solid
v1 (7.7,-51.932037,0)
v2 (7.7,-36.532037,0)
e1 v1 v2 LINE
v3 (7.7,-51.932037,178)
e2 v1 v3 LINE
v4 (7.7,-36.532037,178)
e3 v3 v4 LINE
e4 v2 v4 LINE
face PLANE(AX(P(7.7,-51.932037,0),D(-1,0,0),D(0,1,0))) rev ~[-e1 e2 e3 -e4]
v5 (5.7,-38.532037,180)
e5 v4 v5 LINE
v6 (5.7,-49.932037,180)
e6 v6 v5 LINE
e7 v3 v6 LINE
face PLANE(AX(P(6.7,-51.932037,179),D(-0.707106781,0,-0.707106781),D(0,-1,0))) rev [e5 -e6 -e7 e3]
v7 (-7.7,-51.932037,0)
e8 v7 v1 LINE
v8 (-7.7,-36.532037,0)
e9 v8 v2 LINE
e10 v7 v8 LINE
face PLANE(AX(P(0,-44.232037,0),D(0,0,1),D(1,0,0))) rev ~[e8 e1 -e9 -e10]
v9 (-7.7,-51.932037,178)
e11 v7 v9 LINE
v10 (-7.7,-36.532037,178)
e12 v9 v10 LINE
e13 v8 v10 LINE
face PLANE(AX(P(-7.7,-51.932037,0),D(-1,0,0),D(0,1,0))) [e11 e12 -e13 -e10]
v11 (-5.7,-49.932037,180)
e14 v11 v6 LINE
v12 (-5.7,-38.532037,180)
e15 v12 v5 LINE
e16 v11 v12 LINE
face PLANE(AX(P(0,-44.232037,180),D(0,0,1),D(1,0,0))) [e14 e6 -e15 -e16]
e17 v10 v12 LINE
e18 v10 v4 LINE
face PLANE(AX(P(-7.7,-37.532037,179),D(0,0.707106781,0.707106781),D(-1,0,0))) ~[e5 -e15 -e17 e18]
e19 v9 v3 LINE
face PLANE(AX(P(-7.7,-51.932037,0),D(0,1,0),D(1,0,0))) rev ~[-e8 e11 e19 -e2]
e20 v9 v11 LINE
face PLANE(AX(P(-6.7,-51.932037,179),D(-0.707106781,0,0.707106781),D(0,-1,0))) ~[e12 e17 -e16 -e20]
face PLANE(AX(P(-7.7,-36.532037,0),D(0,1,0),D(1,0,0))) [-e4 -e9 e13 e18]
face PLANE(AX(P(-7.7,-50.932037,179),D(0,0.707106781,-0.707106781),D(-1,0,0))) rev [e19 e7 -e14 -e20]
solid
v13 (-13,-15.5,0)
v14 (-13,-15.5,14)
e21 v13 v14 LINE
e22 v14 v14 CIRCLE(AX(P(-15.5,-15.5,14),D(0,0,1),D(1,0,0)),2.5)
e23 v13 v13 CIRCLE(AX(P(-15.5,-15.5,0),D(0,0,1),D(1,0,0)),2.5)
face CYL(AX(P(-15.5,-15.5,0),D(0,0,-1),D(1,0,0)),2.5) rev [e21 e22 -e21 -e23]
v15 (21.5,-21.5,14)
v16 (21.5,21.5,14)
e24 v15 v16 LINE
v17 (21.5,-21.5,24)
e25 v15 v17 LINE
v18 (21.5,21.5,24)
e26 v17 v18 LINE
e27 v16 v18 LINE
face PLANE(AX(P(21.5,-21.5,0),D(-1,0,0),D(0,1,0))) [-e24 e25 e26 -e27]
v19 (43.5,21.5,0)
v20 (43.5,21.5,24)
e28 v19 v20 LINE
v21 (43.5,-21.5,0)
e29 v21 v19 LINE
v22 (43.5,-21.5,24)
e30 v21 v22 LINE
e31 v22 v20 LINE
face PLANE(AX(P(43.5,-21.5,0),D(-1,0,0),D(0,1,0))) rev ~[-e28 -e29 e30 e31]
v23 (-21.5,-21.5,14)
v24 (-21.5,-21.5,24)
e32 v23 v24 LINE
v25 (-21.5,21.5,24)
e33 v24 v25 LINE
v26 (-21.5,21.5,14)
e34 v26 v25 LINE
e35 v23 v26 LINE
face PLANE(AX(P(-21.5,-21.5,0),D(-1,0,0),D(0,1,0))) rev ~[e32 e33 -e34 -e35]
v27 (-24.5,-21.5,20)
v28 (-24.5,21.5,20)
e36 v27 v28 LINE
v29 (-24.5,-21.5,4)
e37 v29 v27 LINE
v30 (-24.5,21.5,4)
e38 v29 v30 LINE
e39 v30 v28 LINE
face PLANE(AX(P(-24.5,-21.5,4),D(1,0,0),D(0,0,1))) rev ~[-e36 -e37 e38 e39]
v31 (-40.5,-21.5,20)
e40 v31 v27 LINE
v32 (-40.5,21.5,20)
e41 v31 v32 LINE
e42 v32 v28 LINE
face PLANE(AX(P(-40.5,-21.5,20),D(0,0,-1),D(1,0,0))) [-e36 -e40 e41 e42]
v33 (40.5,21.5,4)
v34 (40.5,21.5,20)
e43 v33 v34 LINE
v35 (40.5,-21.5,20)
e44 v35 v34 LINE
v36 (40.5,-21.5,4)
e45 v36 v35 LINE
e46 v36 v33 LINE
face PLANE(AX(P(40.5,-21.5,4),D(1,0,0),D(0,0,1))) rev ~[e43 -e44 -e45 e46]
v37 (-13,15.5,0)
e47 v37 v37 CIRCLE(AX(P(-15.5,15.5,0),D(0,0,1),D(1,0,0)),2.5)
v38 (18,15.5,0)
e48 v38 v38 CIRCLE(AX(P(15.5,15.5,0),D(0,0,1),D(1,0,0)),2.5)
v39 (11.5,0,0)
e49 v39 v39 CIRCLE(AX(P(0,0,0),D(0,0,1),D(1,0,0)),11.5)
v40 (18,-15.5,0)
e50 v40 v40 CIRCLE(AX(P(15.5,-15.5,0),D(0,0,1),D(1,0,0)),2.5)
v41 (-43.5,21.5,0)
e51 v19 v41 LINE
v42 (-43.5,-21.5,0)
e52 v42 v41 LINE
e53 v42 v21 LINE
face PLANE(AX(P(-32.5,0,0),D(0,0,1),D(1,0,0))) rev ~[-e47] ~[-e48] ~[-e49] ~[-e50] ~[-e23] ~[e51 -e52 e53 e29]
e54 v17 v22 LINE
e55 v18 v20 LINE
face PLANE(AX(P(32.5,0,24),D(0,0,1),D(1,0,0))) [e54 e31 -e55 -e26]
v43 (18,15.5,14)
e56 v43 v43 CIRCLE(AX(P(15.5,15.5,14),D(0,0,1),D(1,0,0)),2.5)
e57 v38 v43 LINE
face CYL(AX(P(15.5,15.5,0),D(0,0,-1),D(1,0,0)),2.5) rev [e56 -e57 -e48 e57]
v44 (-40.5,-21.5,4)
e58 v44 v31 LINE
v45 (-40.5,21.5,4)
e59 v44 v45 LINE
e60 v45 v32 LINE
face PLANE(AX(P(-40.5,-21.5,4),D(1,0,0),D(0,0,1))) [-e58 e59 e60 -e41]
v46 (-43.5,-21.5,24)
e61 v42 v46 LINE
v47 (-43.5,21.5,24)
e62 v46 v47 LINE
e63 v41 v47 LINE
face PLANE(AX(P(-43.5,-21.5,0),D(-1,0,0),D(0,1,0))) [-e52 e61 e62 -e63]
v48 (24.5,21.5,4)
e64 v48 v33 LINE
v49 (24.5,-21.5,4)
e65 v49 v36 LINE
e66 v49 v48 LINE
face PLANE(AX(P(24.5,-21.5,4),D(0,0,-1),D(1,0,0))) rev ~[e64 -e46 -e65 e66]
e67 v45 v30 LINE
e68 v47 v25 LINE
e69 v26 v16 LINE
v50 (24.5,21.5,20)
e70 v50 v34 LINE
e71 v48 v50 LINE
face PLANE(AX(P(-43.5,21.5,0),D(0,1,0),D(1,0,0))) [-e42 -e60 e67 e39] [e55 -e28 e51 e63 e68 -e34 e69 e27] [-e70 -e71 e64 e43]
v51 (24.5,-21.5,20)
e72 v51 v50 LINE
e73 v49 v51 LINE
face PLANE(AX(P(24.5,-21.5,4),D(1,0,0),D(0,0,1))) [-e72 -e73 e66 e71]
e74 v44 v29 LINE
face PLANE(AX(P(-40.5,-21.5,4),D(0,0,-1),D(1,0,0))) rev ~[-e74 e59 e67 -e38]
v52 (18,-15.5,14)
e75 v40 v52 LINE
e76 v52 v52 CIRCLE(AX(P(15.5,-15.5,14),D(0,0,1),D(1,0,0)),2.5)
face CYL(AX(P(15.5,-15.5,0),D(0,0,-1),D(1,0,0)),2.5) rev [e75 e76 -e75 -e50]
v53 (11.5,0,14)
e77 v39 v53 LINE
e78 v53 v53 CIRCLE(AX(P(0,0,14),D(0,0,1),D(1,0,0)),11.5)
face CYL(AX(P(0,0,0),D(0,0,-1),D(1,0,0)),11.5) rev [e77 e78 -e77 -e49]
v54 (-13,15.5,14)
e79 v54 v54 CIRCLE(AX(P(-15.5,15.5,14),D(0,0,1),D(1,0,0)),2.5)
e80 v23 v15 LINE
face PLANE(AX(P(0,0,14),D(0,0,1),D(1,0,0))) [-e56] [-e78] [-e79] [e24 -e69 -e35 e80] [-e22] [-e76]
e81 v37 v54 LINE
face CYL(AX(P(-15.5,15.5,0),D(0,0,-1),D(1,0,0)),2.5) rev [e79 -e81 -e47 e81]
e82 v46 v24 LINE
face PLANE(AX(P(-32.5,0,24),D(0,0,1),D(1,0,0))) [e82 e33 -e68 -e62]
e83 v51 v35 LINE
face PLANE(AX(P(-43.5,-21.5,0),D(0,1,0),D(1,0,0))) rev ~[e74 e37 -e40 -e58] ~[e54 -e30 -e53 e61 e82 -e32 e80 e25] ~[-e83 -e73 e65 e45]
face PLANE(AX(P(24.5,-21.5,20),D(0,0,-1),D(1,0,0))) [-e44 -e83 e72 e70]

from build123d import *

# Parameters (mm, degrees)
F0_W     = 43
F0_H     = 43
F0_R     = 2.5
F0_R_2   = 11.5
F1_DEPTH = 14
F0_W_2   = 22
F2_DEPTH = 24
F3_W     = 16
F3_H     = 16
F4_DEPTH = 43
F0_W_3   = 15.4
F0_H_2   = 15.4
F5_DEPTH = 180
F6_SIZE  = 2


with BuildPart() as f1:
    # F0 (on Top) → F1 (new body)
    with BuildSketch(Plane.XY):
        Rectangle(F0_W, F0_H)
        with Locations((-15.5, -15.5)):
            Circle(F0_R, mode=Mode.SUBTRACT)
        with Locations((15.5, -15.5)):
            Circle(F0_R, mode=Mode.SUBTRACT)
        with Locations((-15.5, 15.5)):
            Circle(F0_R, mode=Mode.SUBTRACT)
        Circle(F0_R_2, mode=Mode.SUBTRACT)
        with Locations((15.5, 15.5)):
            Circle(F0_R, mode=Mode.SUBTRACT)
    extrude(amount=F1_DEPTH)

    # F0 (on Top) → F2 (join)
    with BuildSketch(Plane.XY):
        with Locations((-32.5, 0)):
            Rectangle(F0_W_2, F0_H)
        with Locations((32.5, 0)):
            Rectangle(F0_W_2, F0_H)
    extrude(amount=F2_DEPTH)

    # F3 (on face) → F4 (cut, through all)
    with BuildSketch(Plane.XZ.offset(21.5)):
        with Locations((-32.5, 12)):
            Rectangle(F3_W, F3_H)
        with Locations((32.5, 12)):
            Rectangle(F3_W, F3_H)
    extrude(amount=-F4_DEPTH, mode=Mode.SUBTRACT)


with BuildPart() as f5:
    # F0 (on Top) → F5 (new body)
    with BuildSketch(Plane.XY):
        with Locations((0, -44.232037)):
            Rectangle(F0_W_3, F0_H_2)
    extrude(amount=F5_DEPTH)

    # F6
    f6_edges = [f5.edges().sort_by_distance(p)[0] for p in [
        (0, -51.932037, 180),
        (7.7, -44.232037, 180),
        (-7.7, -44.232037, 180),
        (0, -36.532037, 180),
    ]]
    chamfer(f6_edges, length=F6_SIZE)


solid = Compound([f1.part, f5.part])
